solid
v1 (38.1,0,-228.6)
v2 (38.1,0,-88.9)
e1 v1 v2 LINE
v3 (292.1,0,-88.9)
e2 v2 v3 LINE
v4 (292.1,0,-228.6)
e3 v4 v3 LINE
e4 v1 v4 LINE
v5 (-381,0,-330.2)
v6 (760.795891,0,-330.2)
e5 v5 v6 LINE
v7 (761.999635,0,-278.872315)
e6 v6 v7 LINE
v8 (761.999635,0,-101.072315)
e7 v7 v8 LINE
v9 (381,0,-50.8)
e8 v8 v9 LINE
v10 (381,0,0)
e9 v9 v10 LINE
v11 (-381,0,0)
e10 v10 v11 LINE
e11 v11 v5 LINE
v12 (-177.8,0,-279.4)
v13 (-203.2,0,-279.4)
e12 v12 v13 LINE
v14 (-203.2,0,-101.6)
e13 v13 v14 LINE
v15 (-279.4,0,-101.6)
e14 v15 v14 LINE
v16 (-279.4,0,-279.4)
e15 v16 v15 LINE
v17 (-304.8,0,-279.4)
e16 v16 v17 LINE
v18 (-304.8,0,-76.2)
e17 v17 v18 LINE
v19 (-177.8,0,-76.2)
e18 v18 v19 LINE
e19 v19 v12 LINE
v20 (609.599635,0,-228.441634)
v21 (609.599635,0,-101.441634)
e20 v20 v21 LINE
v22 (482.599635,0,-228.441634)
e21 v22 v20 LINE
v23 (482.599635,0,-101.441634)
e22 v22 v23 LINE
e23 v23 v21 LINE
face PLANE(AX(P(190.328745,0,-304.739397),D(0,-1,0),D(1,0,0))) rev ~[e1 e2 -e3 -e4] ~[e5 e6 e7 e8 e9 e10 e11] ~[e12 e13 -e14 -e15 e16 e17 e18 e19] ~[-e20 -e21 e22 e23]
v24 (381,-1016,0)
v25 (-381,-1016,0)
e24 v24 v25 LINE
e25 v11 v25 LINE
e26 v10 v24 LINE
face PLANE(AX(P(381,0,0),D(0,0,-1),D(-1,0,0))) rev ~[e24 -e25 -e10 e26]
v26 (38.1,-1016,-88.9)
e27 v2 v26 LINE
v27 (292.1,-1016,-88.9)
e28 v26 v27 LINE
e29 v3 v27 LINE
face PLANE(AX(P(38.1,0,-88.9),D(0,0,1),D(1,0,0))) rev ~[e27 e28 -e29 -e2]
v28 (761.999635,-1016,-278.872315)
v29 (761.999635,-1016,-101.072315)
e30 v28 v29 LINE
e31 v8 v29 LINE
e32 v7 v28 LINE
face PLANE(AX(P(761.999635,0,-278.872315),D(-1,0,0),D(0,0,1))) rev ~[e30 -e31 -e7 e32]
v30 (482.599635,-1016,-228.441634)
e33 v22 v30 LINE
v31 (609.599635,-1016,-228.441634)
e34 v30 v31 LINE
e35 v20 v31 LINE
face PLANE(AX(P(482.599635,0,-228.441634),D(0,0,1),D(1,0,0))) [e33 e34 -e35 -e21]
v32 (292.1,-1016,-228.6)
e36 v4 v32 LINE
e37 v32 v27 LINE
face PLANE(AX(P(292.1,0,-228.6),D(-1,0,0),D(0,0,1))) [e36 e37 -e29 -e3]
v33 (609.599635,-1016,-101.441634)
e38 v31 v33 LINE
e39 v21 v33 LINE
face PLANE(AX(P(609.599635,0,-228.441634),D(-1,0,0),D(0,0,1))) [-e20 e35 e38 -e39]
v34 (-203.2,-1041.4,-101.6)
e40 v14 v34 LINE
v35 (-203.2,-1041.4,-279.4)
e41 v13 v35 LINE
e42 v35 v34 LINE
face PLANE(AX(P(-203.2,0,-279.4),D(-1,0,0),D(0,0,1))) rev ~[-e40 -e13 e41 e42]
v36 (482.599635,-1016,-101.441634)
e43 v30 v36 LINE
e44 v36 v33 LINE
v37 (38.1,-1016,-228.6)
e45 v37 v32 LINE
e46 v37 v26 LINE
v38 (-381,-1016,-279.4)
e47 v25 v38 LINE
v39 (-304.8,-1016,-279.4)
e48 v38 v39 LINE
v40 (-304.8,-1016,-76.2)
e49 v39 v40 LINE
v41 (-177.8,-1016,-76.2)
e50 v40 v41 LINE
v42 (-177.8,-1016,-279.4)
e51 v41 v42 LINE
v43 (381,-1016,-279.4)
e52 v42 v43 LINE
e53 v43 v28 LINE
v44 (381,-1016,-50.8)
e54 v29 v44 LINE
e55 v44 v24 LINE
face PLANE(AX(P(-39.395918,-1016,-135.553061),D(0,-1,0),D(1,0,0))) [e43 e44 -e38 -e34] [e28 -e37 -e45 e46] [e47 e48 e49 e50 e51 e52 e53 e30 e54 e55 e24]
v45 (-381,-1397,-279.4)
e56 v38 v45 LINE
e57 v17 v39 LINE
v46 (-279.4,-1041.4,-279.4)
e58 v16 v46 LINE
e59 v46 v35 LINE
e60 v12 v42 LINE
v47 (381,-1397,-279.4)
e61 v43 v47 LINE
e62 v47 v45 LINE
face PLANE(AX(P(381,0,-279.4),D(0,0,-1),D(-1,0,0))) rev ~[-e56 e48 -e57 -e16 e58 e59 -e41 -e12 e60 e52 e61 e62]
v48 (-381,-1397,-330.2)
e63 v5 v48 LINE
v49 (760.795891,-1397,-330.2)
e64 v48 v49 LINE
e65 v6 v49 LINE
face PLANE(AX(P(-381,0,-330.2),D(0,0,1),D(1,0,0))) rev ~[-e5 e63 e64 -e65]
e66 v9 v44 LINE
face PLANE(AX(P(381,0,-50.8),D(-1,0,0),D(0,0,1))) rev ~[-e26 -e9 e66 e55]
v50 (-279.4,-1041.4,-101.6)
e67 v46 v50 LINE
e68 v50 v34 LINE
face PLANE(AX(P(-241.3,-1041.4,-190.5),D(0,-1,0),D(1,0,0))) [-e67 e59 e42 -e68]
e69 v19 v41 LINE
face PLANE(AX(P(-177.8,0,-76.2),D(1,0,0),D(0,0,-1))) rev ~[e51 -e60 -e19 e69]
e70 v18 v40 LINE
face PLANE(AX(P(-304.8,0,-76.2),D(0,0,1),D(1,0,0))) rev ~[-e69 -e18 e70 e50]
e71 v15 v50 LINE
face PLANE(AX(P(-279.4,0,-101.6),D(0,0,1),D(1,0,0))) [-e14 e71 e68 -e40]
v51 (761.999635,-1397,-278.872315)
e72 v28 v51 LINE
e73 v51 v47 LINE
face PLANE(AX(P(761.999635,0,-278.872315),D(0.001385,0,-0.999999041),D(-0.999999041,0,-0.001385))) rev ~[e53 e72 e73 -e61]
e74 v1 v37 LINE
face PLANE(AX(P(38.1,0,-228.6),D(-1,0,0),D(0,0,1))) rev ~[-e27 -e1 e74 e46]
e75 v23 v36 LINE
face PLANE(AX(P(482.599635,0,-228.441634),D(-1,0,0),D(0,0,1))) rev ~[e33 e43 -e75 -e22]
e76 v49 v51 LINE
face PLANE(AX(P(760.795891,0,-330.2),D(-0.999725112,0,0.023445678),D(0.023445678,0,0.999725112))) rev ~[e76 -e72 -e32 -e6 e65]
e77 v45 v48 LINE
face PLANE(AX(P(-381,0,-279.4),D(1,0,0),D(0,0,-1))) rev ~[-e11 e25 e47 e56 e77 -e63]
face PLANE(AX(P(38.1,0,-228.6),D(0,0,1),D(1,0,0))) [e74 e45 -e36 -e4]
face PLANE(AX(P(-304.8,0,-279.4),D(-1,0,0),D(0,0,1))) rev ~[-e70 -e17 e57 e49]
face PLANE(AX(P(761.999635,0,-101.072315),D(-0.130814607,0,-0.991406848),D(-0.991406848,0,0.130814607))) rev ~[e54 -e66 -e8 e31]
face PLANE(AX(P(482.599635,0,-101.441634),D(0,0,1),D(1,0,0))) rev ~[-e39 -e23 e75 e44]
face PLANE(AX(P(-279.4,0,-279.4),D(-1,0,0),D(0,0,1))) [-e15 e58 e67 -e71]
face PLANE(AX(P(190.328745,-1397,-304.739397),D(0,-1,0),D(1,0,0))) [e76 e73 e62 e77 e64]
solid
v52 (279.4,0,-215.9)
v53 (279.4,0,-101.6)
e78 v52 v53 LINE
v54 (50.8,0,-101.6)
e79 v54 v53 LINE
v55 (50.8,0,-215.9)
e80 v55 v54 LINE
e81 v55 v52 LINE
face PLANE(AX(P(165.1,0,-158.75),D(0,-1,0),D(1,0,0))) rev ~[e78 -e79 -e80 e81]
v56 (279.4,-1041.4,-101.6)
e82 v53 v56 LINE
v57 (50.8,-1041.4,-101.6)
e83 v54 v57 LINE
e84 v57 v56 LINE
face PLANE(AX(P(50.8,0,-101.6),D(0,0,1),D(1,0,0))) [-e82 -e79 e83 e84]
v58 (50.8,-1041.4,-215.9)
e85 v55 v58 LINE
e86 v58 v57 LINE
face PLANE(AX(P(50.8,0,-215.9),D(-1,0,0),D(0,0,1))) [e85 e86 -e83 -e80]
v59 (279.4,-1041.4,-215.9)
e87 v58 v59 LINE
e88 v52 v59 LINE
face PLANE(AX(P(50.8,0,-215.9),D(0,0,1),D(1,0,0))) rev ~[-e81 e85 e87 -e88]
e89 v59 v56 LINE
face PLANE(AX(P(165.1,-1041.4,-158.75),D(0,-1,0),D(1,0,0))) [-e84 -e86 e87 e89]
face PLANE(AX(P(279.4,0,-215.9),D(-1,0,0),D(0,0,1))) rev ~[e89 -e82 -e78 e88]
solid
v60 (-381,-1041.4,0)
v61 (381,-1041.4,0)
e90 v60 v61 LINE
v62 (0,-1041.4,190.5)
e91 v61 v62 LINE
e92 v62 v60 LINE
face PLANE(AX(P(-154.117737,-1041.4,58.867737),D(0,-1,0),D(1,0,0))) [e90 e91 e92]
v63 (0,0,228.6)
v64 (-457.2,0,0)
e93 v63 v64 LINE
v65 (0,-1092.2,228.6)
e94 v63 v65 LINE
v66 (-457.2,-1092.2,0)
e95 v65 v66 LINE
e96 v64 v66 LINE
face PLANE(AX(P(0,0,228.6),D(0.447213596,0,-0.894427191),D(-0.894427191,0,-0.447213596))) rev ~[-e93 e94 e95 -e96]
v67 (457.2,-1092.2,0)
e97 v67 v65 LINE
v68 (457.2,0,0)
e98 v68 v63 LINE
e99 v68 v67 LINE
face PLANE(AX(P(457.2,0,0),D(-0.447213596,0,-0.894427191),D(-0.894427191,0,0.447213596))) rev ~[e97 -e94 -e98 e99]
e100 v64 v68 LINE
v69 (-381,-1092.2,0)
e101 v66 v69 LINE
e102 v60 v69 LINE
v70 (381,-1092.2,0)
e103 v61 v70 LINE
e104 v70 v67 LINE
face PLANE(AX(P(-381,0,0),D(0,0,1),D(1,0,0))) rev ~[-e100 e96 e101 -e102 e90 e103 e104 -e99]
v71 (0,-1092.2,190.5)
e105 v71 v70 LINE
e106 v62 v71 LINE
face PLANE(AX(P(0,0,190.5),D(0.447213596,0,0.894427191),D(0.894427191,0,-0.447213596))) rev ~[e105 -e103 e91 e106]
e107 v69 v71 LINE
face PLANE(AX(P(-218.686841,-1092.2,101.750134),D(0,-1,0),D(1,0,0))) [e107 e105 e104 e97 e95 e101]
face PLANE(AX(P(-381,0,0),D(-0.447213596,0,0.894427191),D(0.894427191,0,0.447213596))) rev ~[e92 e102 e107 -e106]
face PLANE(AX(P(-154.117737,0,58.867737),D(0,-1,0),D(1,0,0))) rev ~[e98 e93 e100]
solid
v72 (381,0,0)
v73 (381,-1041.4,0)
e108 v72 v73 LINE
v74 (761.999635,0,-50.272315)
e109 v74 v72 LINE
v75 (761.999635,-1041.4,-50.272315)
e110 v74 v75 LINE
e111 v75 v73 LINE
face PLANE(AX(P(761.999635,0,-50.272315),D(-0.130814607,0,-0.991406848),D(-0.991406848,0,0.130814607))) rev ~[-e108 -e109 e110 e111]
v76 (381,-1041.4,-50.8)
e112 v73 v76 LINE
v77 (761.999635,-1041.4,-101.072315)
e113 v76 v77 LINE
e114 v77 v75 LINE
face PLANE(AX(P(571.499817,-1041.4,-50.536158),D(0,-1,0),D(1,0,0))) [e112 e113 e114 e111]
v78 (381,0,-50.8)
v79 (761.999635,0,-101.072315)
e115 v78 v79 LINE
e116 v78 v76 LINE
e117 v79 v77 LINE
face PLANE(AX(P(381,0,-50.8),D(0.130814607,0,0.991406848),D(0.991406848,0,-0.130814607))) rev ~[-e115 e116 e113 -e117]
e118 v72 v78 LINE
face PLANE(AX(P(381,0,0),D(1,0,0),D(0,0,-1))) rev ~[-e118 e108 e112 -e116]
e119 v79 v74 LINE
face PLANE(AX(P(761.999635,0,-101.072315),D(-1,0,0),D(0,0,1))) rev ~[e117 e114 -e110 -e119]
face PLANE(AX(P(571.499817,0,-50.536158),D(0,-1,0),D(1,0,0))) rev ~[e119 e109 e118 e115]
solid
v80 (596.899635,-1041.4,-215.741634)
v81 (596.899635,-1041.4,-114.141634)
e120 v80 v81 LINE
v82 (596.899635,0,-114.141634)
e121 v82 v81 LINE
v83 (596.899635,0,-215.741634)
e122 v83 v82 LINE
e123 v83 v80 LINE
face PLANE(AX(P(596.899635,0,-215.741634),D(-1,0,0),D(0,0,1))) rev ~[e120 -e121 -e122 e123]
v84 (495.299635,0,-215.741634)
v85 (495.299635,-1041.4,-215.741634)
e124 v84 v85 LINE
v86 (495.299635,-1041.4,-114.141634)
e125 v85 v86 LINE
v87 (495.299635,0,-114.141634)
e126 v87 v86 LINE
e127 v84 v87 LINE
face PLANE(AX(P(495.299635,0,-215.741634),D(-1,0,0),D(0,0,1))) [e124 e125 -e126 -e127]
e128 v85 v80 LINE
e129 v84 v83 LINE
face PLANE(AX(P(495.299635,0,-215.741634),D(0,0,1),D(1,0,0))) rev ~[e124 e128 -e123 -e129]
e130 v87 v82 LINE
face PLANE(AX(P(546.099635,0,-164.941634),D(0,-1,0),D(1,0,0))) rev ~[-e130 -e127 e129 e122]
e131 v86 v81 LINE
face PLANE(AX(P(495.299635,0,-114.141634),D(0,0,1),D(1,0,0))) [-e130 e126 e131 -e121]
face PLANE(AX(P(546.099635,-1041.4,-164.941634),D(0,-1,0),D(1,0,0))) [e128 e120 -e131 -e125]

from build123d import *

# Parameters (mm, degrees)
F1_DEPTH = 1092.2
F2_DEPTH = 1041.4
F3_DEPTH = 1041.4
F0_W     = 254
F0_H     = 139.7
F0_W_2   = 127
F0_H_2   = 127
F4_DEPTH = 1016
F5_DEPTH = 1397
F0_W_3   = 101.6
F0_H_3   = 101.6
F6_DEPTH = 1041.4
F0_W_4   = 228.6
F0_H_4   = 114.3
F0_W_5   = 76.2
F0_H_5   = 177.8


with BuildPart() as f1:
    # F0 (on Front) → F1 (new body)
    with BuildSketch(Plane.XZ):
        Polygon((-457.2, 0), (-381, 0), (0, 190.5), (0, 228.6), align=None)
        Polygon((0, 190.5), (381, 0), (457.2, 0), (0, 228.6), align=None)
    extrude(amount=F1_DEPTH)

    # F0 (on Front) → F2 (join)
    with BuildSketch(Plane.XZ):
        Polygon((-381, 0), (0, 0), (0, 190.5), align=None)
        Polygon((0, 190.5), (0, 0), (381, 0), align=None)
    extrude(amount=F2_DEPTH)


with BuildPart() as f3:
    # F0 (on Front) → F3 (new body)
    with BuildSketch(Plane.XZ):
        Polygon((761.999634578, -50.272315), (381, 0), (381, -50.8), (761.999634578, -101.072315), align=None)
    extrude(amount=F3_DEPTH)


with BuildPart() as f4:
    # F0 (on Front) → F4 (new body)
    with BuildSketch(Plane.XZ):
        Polygon((381, 0), (0, 0), (-381, 0), (-381, -279.4), (-304.8, -279.4), (-304.8, -76.2), (-177.8, -76.2), (-177.8, -279.4), (381, -279.4), (381, -50.8), align=None)
        with Locations((165.1, -158.75)):
            Rectangle(F0_W, F0_H, mode=Mode.SUBTRACT)
        Polygon((761.999634578, -101.072315), (381, -50.8), (381, -279.4), (761.999634578, -278.872315), align=None)
        with Locations((546.099634578, -164.9416339505)):
            Rectangle(F0_W_2, F0_H_2, mode=Mode.SUBTRACT)
    extrude(amount=F4_DEPTH)

    # F0 (on Front) → F5 (join)
    with BuildSketch(Plane.XZ):
        Polygon((-304.8, -279.4), (-381, -279.4), (-381, -330.2), (760.7958912849, -330.2), (761.999634578, -278.872315), (381, -279.4), (-177.8, -279.4), (-203.2, -279.4), (-279.4, -279.4), align=None)
    extrude(amount=F5_DEPTH)

    # F0 (on Front) → F6, piece 3 (join)
    with BuildSketch(Plane.XZ):
        with Locations((-241.3, -190.5)):
            Rectangle(F0_W_5, F0_H_5)
    extrude(amount=F6_DEPTH)


with BuildPart() as f6:
    # F0 (on Front) → F6 (new body)
    with BuildSketch(Plane.XZ):
        with Locations((546.099634578, -164.9416339505)):
            Rectangle(F0_W_3, F0_H_3)
    extrude(amount=F6_DEPTH)


with BuildPart() as f6b:
    # F0 (on Front) → F6, piece 2 (new body)
    with BuildSketch(Plane.XZ):
        with Locations((165.1, -158.75)):
            Rectangle(F0_W_4, F0_H_4)
    extrude(amount=F6_DEPTH)


solid = Compound([f1.part, f3.part, f4.part, f6.part, f6b.part])
